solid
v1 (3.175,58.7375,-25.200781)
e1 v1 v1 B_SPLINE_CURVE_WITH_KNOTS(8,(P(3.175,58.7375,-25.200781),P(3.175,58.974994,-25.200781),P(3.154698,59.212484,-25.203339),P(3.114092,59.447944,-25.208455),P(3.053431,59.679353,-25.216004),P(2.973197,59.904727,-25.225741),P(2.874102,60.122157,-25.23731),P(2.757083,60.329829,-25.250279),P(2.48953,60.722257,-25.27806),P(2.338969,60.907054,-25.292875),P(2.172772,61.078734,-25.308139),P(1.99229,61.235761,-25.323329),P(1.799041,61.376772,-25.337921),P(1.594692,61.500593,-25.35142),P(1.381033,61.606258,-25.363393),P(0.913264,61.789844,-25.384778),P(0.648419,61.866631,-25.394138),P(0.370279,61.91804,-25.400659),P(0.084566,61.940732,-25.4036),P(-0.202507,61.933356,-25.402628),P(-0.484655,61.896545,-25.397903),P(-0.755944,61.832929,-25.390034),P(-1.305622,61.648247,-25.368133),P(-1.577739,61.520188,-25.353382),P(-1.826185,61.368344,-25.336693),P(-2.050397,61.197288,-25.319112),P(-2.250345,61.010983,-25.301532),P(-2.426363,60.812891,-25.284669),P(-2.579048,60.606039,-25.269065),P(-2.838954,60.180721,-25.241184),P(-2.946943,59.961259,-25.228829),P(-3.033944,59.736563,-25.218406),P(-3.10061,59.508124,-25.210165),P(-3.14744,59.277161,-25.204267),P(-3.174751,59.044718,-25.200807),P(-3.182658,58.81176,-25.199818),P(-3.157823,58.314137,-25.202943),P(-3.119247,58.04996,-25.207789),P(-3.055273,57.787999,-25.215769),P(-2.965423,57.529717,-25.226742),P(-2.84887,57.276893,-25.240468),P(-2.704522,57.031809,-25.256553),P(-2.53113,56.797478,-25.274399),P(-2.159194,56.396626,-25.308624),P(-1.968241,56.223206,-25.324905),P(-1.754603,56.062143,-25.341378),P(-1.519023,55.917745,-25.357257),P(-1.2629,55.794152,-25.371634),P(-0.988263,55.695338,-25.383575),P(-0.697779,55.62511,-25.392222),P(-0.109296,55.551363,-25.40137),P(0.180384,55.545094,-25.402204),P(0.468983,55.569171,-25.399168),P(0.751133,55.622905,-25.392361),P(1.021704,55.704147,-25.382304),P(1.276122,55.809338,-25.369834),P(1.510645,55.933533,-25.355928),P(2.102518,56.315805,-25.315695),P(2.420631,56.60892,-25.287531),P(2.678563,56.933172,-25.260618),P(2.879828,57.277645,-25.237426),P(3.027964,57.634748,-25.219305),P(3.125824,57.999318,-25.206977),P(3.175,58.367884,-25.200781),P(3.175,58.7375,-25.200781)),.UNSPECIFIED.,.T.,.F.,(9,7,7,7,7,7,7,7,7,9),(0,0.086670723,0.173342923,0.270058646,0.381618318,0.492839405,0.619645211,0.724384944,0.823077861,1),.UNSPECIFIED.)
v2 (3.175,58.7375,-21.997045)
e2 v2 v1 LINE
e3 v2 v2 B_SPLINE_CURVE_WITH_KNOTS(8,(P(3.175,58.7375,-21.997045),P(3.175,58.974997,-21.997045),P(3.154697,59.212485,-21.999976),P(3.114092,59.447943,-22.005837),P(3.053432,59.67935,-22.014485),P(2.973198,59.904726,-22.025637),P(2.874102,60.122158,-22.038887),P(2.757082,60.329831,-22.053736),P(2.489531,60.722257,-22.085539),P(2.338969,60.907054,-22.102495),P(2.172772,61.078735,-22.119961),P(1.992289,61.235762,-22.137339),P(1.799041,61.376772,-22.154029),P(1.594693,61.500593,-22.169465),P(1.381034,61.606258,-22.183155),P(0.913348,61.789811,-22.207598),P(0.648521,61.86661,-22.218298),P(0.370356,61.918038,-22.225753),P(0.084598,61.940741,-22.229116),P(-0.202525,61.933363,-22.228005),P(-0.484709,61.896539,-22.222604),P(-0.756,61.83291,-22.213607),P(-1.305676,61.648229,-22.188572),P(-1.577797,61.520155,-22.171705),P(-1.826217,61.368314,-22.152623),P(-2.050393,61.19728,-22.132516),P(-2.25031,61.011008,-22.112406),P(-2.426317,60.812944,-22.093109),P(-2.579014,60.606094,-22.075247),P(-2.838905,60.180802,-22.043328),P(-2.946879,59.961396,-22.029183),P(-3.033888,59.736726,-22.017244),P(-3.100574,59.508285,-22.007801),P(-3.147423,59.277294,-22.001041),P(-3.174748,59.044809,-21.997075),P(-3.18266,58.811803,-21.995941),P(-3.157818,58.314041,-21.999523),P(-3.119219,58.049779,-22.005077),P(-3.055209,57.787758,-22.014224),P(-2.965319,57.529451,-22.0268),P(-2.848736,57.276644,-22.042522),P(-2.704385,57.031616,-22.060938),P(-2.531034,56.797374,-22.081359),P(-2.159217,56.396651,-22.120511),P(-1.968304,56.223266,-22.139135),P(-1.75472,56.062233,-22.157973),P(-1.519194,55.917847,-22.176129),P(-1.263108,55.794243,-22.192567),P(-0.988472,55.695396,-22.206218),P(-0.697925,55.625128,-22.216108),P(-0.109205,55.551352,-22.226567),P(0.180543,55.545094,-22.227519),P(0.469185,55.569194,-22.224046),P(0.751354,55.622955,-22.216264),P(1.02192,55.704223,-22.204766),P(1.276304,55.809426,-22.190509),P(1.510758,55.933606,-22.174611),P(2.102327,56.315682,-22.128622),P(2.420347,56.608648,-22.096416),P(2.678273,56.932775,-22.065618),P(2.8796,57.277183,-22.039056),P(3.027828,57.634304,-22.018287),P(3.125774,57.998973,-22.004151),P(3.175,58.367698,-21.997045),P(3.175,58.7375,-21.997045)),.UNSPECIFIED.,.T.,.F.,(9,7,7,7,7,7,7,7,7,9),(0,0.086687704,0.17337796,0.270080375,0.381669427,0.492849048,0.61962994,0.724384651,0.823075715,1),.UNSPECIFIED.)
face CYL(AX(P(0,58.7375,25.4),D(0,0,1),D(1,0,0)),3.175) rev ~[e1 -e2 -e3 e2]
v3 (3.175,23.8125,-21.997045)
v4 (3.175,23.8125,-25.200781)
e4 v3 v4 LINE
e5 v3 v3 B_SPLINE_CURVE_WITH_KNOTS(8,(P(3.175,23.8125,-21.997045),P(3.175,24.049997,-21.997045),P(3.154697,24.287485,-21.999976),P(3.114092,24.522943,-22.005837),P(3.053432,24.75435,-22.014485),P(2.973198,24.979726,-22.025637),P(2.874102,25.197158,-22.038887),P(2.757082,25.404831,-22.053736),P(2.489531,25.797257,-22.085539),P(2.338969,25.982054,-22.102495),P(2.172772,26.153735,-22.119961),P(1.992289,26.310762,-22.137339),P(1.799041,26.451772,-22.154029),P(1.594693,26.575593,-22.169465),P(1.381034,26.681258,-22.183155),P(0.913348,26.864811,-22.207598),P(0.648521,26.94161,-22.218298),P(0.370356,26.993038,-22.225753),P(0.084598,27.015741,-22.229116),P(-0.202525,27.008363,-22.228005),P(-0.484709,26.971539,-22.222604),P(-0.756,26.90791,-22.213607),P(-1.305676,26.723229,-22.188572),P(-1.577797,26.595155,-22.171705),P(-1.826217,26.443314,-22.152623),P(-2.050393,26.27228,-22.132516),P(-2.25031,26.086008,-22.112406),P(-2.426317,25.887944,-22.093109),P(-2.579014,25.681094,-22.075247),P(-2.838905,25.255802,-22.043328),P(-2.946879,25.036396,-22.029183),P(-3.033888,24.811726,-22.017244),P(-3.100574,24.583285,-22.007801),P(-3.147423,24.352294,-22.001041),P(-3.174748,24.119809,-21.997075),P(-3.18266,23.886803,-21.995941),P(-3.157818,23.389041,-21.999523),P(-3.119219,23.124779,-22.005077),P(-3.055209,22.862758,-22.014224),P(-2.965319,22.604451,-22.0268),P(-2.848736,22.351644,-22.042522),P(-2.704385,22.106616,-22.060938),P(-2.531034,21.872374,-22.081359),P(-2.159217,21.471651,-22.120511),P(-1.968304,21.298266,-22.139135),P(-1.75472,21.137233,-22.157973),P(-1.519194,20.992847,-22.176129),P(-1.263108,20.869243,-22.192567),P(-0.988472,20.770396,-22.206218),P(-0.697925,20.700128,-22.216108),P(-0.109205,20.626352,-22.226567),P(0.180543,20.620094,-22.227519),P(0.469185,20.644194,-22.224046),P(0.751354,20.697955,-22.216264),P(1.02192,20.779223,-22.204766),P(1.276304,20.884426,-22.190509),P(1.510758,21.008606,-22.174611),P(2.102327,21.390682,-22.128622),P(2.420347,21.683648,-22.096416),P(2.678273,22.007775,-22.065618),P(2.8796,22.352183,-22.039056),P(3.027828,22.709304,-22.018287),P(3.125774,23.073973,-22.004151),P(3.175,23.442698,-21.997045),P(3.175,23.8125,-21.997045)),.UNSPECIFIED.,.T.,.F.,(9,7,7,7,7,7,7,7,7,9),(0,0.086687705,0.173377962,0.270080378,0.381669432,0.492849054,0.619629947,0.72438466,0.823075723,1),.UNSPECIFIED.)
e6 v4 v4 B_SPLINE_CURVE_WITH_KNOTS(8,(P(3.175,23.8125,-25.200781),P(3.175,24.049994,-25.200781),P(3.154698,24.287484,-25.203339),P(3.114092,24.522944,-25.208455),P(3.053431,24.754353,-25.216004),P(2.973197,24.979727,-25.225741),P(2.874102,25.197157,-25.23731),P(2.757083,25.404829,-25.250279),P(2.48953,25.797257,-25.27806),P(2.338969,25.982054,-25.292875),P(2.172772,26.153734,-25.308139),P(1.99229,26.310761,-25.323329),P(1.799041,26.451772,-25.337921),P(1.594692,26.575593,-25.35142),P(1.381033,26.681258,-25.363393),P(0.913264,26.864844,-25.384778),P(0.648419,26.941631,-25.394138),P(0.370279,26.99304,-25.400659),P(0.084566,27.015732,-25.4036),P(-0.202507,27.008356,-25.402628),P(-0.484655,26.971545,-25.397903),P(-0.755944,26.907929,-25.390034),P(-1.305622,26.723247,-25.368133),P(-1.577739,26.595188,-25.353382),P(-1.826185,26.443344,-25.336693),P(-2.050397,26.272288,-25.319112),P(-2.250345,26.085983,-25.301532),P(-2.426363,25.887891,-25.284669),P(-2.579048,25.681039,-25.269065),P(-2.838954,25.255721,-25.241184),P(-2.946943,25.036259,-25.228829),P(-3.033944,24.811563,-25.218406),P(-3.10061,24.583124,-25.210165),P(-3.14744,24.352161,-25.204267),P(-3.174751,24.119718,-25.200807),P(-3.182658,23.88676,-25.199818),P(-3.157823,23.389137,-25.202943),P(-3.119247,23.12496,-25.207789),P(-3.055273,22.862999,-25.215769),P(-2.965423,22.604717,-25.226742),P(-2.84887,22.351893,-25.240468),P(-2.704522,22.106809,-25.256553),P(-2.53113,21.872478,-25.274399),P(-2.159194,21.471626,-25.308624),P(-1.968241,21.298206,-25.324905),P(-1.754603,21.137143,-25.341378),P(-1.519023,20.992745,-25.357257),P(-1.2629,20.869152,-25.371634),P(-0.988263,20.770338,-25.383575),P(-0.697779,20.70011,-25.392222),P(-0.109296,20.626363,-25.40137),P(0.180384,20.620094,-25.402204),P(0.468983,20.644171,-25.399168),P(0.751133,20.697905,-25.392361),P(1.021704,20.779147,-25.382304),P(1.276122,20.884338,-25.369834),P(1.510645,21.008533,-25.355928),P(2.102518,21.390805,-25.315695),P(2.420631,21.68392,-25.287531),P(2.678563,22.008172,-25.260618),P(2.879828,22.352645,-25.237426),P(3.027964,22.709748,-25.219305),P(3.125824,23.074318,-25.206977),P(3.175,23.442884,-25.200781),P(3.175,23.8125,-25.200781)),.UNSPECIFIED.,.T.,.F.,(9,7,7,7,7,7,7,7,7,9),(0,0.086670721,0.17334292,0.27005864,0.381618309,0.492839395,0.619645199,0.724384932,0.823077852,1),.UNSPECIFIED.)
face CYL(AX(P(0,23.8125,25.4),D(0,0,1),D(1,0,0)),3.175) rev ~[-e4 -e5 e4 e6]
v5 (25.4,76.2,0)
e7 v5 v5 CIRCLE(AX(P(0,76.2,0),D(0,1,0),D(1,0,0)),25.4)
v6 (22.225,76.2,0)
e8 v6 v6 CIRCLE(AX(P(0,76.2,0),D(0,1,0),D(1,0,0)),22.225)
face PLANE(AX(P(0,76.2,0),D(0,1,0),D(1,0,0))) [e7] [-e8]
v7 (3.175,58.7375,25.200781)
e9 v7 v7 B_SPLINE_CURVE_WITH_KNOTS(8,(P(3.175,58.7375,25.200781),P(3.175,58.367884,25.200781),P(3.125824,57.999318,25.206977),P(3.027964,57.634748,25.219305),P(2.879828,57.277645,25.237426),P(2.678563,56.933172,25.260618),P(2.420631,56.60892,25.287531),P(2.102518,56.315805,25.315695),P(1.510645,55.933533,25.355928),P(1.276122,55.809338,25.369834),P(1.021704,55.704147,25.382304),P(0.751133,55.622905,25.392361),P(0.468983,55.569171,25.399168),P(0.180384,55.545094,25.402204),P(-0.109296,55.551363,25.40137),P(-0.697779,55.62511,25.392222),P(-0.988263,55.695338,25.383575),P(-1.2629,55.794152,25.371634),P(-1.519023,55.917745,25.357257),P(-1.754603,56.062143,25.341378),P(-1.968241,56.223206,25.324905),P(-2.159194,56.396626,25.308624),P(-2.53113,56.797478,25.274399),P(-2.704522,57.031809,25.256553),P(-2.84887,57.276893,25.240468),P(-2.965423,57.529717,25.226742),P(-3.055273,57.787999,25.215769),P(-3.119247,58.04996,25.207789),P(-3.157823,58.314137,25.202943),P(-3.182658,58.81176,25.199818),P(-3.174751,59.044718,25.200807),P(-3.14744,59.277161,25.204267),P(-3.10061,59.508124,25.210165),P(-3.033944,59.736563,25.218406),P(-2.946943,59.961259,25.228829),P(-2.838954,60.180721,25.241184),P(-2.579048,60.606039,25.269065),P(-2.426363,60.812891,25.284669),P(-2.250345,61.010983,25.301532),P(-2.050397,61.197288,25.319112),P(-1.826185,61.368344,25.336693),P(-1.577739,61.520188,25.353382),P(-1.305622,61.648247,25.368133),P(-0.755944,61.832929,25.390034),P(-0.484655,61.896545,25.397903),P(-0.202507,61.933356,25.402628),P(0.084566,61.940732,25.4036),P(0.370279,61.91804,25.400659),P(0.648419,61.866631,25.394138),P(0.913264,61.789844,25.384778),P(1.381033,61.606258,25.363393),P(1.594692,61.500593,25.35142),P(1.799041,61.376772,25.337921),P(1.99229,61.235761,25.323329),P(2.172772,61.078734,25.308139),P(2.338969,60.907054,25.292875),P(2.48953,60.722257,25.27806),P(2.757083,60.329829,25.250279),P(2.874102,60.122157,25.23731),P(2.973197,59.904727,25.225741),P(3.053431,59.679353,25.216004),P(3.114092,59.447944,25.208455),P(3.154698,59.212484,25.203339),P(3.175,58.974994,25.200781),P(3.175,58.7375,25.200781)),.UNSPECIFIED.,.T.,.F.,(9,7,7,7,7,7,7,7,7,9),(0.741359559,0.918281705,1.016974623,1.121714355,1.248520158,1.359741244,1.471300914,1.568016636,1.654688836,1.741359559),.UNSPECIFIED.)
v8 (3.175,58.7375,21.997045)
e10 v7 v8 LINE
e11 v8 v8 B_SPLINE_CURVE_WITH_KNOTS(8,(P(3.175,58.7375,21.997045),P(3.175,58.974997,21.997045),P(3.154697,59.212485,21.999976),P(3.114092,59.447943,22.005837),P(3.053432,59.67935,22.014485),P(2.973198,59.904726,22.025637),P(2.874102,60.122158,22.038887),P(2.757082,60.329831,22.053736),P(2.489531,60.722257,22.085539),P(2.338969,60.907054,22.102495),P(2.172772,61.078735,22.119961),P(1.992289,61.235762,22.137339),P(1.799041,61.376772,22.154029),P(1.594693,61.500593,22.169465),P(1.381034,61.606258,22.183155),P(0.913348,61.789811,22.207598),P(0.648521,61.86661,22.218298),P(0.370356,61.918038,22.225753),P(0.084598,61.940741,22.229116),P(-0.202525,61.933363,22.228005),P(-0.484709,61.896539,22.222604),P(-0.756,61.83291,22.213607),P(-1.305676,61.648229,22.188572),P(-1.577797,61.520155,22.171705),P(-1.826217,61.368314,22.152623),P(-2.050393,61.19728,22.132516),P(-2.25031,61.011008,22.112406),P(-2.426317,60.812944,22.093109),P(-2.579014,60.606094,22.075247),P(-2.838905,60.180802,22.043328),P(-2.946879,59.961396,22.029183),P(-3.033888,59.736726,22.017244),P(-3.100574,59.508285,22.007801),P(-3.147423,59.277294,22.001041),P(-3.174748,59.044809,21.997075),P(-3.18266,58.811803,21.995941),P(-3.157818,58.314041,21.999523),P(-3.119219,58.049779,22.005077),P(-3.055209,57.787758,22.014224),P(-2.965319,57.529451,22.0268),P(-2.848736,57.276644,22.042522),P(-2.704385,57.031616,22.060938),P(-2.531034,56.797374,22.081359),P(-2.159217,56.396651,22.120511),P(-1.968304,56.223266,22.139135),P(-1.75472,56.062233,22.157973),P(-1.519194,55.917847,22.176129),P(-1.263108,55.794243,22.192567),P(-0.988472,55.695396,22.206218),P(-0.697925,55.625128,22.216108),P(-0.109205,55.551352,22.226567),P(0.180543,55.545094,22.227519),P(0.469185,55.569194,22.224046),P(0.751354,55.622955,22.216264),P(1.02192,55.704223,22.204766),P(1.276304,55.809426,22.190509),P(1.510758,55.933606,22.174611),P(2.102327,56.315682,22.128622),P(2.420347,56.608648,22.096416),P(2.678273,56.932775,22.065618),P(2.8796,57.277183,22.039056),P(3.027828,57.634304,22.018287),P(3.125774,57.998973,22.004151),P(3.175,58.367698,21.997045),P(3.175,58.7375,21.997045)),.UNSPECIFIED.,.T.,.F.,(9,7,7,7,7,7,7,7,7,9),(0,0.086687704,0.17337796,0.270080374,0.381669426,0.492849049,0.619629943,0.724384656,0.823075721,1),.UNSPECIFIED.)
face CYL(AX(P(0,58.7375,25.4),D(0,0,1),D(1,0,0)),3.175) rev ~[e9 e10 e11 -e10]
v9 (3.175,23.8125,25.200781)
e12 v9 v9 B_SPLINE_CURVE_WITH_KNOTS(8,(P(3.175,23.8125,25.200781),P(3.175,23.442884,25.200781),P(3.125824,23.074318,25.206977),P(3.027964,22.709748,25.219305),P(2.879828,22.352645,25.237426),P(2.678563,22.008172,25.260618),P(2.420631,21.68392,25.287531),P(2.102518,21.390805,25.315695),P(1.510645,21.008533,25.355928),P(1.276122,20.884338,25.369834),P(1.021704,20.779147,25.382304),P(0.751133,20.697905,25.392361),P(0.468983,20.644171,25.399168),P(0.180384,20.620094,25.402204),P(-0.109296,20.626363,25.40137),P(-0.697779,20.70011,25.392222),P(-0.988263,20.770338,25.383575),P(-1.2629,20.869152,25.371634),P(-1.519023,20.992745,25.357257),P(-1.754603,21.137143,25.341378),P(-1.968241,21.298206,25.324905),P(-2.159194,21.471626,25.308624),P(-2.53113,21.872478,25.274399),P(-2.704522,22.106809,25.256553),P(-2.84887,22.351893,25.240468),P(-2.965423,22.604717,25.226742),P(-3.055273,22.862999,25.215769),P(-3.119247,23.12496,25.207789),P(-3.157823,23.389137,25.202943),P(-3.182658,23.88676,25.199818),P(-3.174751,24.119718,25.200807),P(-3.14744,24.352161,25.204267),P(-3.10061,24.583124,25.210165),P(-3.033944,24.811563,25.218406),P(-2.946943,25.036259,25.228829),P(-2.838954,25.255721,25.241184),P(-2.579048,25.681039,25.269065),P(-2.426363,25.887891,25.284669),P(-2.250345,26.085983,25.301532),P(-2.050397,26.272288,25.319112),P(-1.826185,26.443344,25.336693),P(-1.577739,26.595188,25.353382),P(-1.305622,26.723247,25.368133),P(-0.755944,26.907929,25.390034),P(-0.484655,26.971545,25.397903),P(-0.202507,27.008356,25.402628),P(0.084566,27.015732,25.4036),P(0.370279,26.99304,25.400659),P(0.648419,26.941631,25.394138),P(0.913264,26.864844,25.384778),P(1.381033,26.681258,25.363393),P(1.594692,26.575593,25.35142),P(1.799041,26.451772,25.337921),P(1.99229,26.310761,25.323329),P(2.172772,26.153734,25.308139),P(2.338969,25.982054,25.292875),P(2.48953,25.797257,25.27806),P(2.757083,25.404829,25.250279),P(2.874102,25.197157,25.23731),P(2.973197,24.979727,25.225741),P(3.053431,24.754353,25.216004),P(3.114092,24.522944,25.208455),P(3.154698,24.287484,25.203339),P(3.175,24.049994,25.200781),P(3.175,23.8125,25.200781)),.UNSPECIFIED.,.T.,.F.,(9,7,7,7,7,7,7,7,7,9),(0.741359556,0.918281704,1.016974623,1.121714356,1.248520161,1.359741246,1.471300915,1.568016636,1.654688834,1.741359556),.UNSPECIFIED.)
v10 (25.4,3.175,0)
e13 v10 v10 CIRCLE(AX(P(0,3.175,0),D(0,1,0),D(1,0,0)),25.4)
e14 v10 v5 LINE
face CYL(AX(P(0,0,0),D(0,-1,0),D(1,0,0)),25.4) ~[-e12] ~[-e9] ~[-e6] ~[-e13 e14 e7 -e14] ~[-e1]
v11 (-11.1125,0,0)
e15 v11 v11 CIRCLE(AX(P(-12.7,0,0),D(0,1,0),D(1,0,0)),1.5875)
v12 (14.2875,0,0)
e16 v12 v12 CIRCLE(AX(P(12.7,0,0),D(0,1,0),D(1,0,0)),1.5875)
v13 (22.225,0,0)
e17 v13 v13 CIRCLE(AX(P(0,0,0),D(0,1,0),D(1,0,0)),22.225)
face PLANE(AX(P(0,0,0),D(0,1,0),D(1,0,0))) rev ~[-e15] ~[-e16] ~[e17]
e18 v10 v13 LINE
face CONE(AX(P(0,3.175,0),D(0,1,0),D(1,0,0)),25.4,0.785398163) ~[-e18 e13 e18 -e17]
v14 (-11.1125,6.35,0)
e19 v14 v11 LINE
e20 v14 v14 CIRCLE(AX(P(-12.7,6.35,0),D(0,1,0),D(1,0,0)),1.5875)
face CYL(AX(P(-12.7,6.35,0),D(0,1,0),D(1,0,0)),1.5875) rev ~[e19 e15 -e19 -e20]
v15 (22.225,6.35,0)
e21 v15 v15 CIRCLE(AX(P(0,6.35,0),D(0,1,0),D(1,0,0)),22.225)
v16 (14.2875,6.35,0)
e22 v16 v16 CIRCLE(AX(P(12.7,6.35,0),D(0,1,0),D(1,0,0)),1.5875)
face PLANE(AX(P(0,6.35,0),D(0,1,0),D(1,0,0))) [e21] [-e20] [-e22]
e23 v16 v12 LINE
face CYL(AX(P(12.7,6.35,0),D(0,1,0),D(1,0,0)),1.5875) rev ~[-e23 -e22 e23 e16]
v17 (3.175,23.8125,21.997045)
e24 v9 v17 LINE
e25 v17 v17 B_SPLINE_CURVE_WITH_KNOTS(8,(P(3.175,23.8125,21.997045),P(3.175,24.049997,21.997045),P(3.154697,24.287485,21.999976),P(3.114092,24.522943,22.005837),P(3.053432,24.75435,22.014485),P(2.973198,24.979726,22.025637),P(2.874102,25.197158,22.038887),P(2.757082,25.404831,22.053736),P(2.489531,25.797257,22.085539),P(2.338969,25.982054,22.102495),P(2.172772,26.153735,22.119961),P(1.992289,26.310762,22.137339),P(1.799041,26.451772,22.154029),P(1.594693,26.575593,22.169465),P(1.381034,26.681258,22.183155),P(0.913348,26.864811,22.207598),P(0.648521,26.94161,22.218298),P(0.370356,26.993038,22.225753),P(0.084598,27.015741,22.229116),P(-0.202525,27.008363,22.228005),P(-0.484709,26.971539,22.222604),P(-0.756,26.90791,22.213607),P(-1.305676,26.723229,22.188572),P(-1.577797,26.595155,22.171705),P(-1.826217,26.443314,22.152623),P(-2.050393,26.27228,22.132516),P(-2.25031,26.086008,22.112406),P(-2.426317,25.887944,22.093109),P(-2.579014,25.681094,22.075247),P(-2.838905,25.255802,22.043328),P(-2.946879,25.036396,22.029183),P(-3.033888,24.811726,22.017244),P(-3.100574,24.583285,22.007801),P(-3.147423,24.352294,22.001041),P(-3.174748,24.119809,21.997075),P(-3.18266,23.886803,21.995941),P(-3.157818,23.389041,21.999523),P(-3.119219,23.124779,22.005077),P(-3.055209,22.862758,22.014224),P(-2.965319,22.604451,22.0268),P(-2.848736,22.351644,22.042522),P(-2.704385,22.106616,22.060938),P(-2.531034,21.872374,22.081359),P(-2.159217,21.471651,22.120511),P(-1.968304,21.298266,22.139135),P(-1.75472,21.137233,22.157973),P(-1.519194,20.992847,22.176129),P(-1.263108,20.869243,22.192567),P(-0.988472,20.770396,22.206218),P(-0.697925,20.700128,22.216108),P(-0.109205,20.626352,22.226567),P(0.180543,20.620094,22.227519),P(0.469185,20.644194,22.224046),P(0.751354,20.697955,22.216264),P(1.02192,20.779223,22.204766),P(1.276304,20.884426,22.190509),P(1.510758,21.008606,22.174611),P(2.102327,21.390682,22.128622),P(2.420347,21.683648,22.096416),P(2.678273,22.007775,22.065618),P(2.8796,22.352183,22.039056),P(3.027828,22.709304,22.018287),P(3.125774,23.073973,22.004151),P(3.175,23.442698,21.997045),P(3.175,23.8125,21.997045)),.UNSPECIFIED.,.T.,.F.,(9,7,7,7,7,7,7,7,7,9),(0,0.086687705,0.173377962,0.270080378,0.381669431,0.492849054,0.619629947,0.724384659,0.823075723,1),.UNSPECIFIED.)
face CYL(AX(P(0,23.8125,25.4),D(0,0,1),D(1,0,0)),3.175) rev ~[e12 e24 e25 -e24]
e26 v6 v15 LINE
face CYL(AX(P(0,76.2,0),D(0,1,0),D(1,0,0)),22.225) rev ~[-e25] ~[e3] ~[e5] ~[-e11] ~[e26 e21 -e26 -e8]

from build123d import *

# Parameters (mm, degrees)
SKETCH1_R           = 25.4
BOSS_EXTRUDE1_DEPTH = 76.2
SKETCH2_R           = 22.225
CUT_EXTRUDE1_DEPTH  = 69.85
CHAMFER1_SIZE       = 3.175
SKETCH3_R           = 1.5875
CUT_EXTRUDE2_DEPTH  = 63.5
SKETCH6_R           = 3.175
CUT_EXTRUDE3_DEPTH  = 51.8


with BuildPart() as part:
    # Sketch1 → Boss-Extrude1 (new body)
    with BuildSketch(Plane(origin=(0, 0, 0), x_dir=(1, 0, 0), z_dir=(0, 1, 0))):
        Circle(SKETCH1_R)
    extrude(amount=BOSS_EXTRUDE1_DEPTH)

    # Sketch2 → Cut-Extrude1 (cut)
    with BuildSketch(Plane(origin=(0, 76.2, 0), x_dir=(1, 0, 0), z_dir=(0, 1, 0))):
        Circle(SKETCH2_R)
    extrude(amount=-CUT_EXTRUDE1_DEPTH, mode=Mode.SUBTRACT)

    # Chamfer1
    chamfer1_edges = [part.edges().sort_by_distance(p)[0] for p in [
        (-25.4, 0, 0),
    ]]
    chamfer(chamfer1_edges, length=CHAMFER1_SIZE)

    # Sketch3 → Cut-Extrude2 (cut)
    with BuildSketch(Plane(origin=(0, 6.35, 0), x_dir=(1, 0, 0), z_dir=(0, 1, 0))):
        with Locations((-12.7, 0)):
            Circle(SKETCH3_R)
        with Locations((12.7, 0)):
            Circle(SKETCH3_R)
    extrude(amount=-CUT_EXTRUDE2_DEPTH, mode=Mode.SUBTRACT)

    # Sketch6 → Cut-Extrude3 (cut, through all)
    with BuildSketch(Plane.XY.offset(25.4)):
        with Locations((0, 23.8125)):
            Circle(SKETCH6_R)
        with Locations((0, 58.7375)):
            Circle(SKETCH6_R)
    extrude(amount=-CUT_EXTRUDE3_DEPTH, mode=Mode.SUBTRACT)


solid = part.part
